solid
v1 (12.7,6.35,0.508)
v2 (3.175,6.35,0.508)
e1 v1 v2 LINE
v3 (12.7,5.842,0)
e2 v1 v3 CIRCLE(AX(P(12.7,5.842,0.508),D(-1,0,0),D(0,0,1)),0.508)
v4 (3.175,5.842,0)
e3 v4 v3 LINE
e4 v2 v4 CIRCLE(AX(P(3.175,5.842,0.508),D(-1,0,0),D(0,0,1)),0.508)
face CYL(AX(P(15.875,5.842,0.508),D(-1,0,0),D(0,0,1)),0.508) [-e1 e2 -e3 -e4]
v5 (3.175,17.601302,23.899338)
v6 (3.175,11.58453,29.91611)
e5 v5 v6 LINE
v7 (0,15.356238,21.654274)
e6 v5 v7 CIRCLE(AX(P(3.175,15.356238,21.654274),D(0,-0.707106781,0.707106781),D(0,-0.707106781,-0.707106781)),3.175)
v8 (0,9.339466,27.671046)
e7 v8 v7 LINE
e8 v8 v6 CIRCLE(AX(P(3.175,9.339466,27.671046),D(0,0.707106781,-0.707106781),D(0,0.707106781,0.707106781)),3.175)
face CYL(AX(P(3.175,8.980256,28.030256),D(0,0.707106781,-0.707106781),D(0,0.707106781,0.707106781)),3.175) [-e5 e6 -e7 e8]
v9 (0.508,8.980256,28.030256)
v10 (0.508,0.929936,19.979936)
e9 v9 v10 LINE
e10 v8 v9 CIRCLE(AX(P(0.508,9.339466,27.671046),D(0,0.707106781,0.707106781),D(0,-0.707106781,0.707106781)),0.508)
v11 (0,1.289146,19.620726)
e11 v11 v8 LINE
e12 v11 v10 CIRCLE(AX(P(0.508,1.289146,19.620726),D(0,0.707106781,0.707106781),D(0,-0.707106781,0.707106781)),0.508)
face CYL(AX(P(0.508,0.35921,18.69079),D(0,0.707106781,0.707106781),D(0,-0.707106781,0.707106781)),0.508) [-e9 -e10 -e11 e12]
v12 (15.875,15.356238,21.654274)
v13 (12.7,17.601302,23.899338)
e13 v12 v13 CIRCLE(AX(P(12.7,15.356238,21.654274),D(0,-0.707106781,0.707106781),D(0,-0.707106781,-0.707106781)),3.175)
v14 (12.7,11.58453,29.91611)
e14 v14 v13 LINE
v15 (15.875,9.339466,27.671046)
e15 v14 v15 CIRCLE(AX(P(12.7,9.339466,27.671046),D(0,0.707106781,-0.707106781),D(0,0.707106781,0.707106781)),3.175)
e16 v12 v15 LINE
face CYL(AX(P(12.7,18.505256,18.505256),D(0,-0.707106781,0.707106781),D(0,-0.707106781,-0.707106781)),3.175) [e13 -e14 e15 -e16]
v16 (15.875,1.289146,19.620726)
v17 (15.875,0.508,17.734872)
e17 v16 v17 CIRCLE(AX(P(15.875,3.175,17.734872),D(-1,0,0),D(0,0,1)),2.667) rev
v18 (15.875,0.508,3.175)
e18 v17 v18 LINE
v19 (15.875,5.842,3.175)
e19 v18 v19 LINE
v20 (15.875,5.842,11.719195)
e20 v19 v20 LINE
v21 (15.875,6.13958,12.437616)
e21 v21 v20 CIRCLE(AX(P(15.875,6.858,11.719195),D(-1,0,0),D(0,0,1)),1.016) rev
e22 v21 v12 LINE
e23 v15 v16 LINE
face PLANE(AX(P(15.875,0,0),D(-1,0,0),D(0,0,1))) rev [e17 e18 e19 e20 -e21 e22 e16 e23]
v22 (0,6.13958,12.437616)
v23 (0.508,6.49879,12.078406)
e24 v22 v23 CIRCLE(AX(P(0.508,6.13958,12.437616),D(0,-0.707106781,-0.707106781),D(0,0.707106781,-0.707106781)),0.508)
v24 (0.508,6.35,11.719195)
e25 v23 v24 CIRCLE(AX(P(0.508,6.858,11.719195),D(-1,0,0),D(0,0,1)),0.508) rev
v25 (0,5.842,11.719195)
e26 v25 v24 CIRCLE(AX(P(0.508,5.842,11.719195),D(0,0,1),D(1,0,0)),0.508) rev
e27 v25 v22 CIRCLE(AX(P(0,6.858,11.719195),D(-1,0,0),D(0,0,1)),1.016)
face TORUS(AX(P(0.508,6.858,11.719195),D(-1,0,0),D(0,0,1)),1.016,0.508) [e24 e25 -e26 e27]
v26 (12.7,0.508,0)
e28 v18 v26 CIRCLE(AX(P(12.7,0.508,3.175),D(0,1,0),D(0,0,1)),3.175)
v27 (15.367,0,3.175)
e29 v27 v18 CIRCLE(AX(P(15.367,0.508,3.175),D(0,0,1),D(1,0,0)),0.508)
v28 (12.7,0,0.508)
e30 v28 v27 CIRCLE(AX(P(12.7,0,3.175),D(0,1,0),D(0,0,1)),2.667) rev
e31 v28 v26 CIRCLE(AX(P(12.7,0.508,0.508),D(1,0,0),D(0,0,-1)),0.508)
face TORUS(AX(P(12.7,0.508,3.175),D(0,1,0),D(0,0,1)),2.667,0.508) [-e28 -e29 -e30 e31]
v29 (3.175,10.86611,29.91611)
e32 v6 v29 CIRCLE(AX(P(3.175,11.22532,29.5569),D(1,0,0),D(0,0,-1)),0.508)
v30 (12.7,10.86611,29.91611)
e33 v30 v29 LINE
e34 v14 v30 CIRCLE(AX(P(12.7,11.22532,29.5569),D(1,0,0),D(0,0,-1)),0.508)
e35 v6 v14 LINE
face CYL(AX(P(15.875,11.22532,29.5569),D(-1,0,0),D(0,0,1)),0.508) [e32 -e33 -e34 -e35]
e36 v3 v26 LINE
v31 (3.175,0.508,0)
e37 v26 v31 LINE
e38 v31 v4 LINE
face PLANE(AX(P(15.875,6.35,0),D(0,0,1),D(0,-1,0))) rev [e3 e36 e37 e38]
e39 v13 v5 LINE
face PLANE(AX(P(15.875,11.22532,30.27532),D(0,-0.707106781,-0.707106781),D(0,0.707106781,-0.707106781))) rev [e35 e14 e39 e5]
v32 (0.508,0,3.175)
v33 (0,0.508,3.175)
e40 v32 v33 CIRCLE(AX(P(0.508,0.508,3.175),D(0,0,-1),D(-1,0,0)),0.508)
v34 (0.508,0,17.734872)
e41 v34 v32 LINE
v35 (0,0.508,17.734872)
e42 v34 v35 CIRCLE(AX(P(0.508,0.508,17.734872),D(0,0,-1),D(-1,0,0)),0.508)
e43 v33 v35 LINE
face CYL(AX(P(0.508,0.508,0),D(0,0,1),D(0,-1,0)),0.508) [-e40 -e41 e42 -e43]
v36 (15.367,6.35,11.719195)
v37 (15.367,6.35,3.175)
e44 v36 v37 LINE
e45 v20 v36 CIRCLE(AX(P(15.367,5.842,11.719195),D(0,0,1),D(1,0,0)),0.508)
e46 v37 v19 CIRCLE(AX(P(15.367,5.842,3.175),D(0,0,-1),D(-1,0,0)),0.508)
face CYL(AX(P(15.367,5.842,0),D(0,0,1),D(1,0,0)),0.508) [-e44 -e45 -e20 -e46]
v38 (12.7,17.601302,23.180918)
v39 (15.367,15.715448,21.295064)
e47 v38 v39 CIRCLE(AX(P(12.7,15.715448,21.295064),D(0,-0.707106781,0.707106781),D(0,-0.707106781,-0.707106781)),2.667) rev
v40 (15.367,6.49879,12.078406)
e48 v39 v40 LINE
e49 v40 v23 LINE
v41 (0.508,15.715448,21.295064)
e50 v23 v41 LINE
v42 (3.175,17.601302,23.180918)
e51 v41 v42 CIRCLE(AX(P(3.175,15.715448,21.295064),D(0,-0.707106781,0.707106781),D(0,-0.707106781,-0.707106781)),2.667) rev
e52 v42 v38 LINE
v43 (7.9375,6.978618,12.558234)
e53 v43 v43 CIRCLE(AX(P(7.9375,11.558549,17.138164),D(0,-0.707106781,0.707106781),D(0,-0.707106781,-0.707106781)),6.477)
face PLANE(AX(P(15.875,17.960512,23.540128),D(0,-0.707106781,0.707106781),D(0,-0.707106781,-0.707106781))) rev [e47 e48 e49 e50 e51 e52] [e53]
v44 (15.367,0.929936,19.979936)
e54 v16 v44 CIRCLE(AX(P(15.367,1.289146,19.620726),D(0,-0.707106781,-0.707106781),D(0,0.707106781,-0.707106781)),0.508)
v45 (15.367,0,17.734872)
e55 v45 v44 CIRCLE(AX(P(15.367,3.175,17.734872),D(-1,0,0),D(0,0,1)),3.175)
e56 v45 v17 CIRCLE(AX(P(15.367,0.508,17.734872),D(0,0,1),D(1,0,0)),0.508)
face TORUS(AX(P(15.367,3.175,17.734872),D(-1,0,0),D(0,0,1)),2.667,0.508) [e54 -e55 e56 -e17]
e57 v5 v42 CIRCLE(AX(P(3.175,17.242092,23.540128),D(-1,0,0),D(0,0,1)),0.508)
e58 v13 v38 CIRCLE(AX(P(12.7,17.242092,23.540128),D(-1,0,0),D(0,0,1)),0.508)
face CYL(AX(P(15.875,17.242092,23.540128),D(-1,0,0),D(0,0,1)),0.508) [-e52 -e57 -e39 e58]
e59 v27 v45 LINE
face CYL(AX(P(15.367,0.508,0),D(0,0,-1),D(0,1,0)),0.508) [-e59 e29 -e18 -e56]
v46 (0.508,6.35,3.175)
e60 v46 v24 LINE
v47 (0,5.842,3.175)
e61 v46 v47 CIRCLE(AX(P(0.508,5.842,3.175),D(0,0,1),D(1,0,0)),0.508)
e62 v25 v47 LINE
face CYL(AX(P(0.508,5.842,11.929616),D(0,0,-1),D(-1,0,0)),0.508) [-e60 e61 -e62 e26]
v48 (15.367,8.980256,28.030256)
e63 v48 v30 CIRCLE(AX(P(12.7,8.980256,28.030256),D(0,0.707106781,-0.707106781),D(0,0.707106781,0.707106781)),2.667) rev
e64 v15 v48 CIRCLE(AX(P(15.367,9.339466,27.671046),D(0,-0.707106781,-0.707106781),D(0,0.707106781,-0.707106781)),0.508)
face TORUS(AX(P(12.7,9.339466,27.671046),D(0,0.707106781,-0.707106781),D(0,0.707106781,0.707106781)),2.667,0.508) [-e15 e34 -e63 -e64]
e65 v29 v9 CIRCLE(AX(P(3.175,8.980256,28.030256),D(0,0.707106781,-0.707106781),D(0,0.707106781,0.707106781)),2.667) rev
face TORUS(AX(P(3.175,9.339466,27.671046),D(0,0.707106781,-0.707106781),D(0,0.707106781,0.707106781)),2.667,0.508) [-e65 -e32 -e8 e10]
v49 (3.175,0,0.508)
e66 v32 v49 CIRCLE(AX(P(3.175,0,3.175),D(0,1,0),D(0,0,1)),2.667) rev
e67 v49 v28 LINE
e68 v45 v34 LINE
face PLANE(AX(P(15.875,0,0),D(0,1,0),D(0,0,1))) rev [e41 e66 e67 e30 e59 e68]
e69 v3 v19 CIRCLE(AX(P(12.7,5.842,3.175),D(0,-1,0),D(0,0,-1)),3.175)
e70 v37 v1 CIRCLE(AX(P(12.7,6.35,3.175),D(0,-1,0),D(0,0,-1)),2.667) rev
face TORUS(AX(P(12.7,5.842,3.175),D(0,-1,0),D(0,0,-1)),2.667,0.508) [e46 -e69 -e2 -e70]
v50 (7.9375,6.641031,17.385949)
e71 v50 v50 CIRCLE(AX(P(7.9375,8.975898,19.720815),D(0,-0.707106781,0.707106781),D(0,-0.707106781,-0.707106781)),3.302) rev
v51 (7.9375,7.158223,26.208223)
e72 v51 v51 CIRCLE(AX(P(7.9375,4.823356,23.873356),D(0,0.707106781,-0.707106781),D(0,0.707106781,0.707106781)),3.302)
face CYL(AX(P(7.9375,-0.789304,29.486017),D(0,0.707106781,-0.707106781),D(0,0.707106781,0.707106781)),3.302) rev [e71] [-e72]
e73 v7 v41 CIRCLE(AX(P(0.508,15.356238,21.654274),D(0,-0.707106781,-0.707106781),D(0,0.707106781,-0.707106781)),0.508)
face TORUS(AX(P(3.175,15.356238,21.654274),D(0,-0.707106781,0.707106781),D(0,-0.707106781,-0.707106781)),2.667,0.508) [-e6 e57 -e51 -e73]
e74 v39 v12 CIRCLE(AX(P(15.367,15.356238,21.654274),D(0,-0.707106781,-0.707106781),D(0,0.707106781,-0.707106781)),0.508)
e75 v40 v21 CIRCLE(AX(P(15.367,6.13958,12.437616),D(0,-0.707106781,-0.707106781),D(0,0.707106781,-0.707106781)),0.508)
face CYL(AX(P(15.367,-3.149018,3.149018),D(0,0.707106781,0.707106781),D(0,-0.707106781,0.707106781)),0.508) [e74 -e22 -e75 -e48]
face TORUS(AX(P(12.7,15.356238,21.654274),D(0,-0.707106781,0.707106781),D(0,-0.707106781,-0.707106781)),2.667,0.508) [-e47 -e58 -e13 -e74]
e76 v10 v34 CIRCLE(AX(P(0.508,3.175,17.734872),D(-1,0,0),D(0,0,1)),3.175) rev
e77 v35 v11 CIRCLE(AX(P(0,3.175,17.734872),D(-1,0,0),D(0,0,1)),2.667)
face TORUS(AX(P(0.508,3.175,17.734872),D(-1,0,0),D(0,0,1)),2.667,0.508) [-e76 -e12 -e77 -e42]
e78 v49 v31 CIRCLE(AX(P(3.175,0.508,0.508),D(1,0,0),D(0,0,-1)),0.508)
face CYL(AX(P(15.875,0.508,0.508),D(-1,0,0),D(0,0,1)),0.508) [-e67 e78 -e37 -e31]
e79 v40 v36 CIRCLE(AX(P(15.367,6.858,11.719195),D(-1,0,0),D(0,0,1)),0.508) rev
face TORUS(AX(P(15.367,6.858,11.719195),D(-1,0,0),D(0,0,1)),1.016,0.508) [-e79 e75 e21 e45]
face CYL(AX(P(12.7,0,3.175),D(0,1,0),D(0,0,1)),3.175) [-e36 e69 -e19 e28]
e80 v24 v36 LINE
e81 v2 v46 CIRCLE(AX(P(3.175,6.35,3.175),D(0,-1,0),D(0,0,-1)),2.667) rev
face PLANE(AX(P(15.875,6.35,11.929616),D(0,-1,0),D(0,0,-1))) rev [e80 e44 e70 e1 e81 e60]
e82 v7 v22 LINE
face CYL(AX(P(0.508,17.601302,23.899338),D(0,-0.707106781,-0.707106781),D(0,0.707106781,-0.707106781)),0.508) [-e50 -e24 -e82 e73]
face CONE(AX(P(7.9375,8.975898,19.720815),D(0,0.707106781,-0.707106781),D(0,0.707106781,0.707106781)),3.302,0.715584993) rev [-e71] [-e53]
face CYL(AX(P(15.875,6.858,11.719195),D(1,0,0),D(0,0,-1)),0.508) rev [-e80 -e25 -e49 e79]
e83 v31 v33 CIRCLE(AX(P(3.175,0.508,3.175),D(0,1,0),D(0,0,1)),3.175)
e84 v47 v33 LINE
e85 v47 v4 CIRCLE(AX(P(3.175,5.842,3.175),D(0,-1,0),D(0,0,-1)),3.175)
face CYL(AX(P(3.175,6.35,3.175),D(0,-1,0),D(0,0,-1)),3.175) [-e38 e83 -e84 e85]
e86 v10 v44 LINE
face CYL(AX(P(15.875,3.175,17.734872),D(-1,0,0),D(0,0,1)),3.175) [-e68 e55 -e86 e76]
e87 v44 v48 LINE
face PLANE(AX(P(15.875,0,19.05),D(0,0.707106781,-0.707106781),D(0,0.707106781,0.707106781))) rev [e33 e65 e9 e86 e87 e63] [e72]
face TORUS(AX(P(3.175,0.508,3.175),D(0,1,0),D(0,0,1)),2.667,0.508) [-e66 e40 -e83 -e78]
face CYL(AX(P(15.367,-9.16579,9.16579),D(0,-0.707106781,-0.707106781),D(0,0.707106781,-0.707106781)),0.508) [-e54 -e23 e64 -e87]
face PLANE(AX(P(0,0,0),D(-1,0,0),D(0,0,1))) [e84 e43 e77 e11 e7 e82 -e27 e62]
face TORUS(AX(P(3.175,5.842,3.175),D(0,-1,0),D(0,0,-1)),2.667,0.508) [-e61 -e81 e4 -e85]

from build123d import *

# Parameters (mm, degrees)
BOSS_EXTRUDE1_DEPTH = 15.875
SKETCH2_R           = 3.302
CUT_EXTRUDE1_DEPTH  = 38.921561078
CHAMFER1_SIZE       = 3.175
CHAMFER1_SIZE2      = 3.652419693
FILLET1_R           = 3.175
FILLET2_R           = 0.508


with BuildPart() as part:
    # Sketch1 → Boss-Extrude1 (new body)
    with BuildSketch(Plane(origin=(0, 0, 0), x_dir=(0, 0, -1), z_dir=(1, 0, 0))):
        Polygon((0, 0), (-19.05, 0), (-30.275320151, 11.225320151), (-23.540128061, 17.960512242), (-11.929615818, 6.35), (0, 6.35), align=None)
    extrude(amount=BOSS_EXTRUDE1_DEPTH)

    # Sketch2 → Cut-Extrude1 (cut, through all)
    with BuildSketch(Plane(origin=(0, -2.789807909, 2.789807909), x_dir=(1, 0, 0), z_dir=(0, 0.7071067811865465, -0.7071067811865486))):
        with Locations(Location((7.9375, -20.291640303, 0), (0, 0, 270))):
            Circle(SKETCH2_R)
    extrude(amount=-CUT_EXTRUDE1_DEPTH, mode=Mode.SUBTRACT)

    # Chamfer1
    chamfer1_edges = [part.edges().sort_by_distance(p)[0] for p in [
        (7.9375, 9.223681959, 14.803297777),
    ]]
    chamfer1_side = [part.faces().sort_by_distance(p)[0] for p in [
        (7.9375, 17.799015553, 23.378631371),
    ]]
    chamfer(chamfer1_edges, length=CHAMFER1_SIZE, length2=CHAMFER1_SIZE2, reference=chamfer1_side[0])

    # Fillet1
    fillet1_edges = [part.edges().sort_by_distance(p)[0] for p in [
        (7.9375, 0, 19.05),
        (15.875, 14.592916197, 26.907724106),
        (15.875, 3.175, 0),
        (0, 14.592916197, 26.907724106),
        (0, 3.175, 0),
    ]]
    fillet(fillet1_edges, radius=FILLET1_R)

    # Fillet2
    fillet2_edges = [part.edges().sort_by_distance(p)[0] for p in [
        (7.9375, 6.35, 11.929615818),
        (15.875, 11.032724106, 16.612339924),
        (7.9375, 6.35, 0),
        (7.9375, 0, 0),
        (0, 6.35, 7.552307909),
        (15.875, 6.35, 7.552307909),
        (14.94506403, 6.35, 0.92993597),
        (0.92993597, 6.35, 0.92993597),
        (0, 0, 10.45493597),
        (0, 4.955096045, 24.005096045),
        (0, 0.241682484, 18.949891837),
        (15.875, 0, 10.45493597),
        (14.94506403, 0, 0.92993597),
        (0.92993597, 0, 0.92993597),
        (15.875, 4.955096045, 24.005096045),
        (15.875, 0.241682484, 18.949891837),
        (7.9375, 11.225320151, 30.275320151),
        (7.9375, 17.960512242, 23.540128061),
        (14.94506403, 10.567756121, 29.617756121),
        (0.92993597, 10.567756121, 29.617756121),
        (14.94506403, 17.302948212, 22.88256403),
        (0.92993597, 17.302948212, 22.88256403),
        (0, 11.032724106, 16.612339924),
    ]]
    fillet(fillet2_edges, radius=FILLET2_R)


solid = part.part
